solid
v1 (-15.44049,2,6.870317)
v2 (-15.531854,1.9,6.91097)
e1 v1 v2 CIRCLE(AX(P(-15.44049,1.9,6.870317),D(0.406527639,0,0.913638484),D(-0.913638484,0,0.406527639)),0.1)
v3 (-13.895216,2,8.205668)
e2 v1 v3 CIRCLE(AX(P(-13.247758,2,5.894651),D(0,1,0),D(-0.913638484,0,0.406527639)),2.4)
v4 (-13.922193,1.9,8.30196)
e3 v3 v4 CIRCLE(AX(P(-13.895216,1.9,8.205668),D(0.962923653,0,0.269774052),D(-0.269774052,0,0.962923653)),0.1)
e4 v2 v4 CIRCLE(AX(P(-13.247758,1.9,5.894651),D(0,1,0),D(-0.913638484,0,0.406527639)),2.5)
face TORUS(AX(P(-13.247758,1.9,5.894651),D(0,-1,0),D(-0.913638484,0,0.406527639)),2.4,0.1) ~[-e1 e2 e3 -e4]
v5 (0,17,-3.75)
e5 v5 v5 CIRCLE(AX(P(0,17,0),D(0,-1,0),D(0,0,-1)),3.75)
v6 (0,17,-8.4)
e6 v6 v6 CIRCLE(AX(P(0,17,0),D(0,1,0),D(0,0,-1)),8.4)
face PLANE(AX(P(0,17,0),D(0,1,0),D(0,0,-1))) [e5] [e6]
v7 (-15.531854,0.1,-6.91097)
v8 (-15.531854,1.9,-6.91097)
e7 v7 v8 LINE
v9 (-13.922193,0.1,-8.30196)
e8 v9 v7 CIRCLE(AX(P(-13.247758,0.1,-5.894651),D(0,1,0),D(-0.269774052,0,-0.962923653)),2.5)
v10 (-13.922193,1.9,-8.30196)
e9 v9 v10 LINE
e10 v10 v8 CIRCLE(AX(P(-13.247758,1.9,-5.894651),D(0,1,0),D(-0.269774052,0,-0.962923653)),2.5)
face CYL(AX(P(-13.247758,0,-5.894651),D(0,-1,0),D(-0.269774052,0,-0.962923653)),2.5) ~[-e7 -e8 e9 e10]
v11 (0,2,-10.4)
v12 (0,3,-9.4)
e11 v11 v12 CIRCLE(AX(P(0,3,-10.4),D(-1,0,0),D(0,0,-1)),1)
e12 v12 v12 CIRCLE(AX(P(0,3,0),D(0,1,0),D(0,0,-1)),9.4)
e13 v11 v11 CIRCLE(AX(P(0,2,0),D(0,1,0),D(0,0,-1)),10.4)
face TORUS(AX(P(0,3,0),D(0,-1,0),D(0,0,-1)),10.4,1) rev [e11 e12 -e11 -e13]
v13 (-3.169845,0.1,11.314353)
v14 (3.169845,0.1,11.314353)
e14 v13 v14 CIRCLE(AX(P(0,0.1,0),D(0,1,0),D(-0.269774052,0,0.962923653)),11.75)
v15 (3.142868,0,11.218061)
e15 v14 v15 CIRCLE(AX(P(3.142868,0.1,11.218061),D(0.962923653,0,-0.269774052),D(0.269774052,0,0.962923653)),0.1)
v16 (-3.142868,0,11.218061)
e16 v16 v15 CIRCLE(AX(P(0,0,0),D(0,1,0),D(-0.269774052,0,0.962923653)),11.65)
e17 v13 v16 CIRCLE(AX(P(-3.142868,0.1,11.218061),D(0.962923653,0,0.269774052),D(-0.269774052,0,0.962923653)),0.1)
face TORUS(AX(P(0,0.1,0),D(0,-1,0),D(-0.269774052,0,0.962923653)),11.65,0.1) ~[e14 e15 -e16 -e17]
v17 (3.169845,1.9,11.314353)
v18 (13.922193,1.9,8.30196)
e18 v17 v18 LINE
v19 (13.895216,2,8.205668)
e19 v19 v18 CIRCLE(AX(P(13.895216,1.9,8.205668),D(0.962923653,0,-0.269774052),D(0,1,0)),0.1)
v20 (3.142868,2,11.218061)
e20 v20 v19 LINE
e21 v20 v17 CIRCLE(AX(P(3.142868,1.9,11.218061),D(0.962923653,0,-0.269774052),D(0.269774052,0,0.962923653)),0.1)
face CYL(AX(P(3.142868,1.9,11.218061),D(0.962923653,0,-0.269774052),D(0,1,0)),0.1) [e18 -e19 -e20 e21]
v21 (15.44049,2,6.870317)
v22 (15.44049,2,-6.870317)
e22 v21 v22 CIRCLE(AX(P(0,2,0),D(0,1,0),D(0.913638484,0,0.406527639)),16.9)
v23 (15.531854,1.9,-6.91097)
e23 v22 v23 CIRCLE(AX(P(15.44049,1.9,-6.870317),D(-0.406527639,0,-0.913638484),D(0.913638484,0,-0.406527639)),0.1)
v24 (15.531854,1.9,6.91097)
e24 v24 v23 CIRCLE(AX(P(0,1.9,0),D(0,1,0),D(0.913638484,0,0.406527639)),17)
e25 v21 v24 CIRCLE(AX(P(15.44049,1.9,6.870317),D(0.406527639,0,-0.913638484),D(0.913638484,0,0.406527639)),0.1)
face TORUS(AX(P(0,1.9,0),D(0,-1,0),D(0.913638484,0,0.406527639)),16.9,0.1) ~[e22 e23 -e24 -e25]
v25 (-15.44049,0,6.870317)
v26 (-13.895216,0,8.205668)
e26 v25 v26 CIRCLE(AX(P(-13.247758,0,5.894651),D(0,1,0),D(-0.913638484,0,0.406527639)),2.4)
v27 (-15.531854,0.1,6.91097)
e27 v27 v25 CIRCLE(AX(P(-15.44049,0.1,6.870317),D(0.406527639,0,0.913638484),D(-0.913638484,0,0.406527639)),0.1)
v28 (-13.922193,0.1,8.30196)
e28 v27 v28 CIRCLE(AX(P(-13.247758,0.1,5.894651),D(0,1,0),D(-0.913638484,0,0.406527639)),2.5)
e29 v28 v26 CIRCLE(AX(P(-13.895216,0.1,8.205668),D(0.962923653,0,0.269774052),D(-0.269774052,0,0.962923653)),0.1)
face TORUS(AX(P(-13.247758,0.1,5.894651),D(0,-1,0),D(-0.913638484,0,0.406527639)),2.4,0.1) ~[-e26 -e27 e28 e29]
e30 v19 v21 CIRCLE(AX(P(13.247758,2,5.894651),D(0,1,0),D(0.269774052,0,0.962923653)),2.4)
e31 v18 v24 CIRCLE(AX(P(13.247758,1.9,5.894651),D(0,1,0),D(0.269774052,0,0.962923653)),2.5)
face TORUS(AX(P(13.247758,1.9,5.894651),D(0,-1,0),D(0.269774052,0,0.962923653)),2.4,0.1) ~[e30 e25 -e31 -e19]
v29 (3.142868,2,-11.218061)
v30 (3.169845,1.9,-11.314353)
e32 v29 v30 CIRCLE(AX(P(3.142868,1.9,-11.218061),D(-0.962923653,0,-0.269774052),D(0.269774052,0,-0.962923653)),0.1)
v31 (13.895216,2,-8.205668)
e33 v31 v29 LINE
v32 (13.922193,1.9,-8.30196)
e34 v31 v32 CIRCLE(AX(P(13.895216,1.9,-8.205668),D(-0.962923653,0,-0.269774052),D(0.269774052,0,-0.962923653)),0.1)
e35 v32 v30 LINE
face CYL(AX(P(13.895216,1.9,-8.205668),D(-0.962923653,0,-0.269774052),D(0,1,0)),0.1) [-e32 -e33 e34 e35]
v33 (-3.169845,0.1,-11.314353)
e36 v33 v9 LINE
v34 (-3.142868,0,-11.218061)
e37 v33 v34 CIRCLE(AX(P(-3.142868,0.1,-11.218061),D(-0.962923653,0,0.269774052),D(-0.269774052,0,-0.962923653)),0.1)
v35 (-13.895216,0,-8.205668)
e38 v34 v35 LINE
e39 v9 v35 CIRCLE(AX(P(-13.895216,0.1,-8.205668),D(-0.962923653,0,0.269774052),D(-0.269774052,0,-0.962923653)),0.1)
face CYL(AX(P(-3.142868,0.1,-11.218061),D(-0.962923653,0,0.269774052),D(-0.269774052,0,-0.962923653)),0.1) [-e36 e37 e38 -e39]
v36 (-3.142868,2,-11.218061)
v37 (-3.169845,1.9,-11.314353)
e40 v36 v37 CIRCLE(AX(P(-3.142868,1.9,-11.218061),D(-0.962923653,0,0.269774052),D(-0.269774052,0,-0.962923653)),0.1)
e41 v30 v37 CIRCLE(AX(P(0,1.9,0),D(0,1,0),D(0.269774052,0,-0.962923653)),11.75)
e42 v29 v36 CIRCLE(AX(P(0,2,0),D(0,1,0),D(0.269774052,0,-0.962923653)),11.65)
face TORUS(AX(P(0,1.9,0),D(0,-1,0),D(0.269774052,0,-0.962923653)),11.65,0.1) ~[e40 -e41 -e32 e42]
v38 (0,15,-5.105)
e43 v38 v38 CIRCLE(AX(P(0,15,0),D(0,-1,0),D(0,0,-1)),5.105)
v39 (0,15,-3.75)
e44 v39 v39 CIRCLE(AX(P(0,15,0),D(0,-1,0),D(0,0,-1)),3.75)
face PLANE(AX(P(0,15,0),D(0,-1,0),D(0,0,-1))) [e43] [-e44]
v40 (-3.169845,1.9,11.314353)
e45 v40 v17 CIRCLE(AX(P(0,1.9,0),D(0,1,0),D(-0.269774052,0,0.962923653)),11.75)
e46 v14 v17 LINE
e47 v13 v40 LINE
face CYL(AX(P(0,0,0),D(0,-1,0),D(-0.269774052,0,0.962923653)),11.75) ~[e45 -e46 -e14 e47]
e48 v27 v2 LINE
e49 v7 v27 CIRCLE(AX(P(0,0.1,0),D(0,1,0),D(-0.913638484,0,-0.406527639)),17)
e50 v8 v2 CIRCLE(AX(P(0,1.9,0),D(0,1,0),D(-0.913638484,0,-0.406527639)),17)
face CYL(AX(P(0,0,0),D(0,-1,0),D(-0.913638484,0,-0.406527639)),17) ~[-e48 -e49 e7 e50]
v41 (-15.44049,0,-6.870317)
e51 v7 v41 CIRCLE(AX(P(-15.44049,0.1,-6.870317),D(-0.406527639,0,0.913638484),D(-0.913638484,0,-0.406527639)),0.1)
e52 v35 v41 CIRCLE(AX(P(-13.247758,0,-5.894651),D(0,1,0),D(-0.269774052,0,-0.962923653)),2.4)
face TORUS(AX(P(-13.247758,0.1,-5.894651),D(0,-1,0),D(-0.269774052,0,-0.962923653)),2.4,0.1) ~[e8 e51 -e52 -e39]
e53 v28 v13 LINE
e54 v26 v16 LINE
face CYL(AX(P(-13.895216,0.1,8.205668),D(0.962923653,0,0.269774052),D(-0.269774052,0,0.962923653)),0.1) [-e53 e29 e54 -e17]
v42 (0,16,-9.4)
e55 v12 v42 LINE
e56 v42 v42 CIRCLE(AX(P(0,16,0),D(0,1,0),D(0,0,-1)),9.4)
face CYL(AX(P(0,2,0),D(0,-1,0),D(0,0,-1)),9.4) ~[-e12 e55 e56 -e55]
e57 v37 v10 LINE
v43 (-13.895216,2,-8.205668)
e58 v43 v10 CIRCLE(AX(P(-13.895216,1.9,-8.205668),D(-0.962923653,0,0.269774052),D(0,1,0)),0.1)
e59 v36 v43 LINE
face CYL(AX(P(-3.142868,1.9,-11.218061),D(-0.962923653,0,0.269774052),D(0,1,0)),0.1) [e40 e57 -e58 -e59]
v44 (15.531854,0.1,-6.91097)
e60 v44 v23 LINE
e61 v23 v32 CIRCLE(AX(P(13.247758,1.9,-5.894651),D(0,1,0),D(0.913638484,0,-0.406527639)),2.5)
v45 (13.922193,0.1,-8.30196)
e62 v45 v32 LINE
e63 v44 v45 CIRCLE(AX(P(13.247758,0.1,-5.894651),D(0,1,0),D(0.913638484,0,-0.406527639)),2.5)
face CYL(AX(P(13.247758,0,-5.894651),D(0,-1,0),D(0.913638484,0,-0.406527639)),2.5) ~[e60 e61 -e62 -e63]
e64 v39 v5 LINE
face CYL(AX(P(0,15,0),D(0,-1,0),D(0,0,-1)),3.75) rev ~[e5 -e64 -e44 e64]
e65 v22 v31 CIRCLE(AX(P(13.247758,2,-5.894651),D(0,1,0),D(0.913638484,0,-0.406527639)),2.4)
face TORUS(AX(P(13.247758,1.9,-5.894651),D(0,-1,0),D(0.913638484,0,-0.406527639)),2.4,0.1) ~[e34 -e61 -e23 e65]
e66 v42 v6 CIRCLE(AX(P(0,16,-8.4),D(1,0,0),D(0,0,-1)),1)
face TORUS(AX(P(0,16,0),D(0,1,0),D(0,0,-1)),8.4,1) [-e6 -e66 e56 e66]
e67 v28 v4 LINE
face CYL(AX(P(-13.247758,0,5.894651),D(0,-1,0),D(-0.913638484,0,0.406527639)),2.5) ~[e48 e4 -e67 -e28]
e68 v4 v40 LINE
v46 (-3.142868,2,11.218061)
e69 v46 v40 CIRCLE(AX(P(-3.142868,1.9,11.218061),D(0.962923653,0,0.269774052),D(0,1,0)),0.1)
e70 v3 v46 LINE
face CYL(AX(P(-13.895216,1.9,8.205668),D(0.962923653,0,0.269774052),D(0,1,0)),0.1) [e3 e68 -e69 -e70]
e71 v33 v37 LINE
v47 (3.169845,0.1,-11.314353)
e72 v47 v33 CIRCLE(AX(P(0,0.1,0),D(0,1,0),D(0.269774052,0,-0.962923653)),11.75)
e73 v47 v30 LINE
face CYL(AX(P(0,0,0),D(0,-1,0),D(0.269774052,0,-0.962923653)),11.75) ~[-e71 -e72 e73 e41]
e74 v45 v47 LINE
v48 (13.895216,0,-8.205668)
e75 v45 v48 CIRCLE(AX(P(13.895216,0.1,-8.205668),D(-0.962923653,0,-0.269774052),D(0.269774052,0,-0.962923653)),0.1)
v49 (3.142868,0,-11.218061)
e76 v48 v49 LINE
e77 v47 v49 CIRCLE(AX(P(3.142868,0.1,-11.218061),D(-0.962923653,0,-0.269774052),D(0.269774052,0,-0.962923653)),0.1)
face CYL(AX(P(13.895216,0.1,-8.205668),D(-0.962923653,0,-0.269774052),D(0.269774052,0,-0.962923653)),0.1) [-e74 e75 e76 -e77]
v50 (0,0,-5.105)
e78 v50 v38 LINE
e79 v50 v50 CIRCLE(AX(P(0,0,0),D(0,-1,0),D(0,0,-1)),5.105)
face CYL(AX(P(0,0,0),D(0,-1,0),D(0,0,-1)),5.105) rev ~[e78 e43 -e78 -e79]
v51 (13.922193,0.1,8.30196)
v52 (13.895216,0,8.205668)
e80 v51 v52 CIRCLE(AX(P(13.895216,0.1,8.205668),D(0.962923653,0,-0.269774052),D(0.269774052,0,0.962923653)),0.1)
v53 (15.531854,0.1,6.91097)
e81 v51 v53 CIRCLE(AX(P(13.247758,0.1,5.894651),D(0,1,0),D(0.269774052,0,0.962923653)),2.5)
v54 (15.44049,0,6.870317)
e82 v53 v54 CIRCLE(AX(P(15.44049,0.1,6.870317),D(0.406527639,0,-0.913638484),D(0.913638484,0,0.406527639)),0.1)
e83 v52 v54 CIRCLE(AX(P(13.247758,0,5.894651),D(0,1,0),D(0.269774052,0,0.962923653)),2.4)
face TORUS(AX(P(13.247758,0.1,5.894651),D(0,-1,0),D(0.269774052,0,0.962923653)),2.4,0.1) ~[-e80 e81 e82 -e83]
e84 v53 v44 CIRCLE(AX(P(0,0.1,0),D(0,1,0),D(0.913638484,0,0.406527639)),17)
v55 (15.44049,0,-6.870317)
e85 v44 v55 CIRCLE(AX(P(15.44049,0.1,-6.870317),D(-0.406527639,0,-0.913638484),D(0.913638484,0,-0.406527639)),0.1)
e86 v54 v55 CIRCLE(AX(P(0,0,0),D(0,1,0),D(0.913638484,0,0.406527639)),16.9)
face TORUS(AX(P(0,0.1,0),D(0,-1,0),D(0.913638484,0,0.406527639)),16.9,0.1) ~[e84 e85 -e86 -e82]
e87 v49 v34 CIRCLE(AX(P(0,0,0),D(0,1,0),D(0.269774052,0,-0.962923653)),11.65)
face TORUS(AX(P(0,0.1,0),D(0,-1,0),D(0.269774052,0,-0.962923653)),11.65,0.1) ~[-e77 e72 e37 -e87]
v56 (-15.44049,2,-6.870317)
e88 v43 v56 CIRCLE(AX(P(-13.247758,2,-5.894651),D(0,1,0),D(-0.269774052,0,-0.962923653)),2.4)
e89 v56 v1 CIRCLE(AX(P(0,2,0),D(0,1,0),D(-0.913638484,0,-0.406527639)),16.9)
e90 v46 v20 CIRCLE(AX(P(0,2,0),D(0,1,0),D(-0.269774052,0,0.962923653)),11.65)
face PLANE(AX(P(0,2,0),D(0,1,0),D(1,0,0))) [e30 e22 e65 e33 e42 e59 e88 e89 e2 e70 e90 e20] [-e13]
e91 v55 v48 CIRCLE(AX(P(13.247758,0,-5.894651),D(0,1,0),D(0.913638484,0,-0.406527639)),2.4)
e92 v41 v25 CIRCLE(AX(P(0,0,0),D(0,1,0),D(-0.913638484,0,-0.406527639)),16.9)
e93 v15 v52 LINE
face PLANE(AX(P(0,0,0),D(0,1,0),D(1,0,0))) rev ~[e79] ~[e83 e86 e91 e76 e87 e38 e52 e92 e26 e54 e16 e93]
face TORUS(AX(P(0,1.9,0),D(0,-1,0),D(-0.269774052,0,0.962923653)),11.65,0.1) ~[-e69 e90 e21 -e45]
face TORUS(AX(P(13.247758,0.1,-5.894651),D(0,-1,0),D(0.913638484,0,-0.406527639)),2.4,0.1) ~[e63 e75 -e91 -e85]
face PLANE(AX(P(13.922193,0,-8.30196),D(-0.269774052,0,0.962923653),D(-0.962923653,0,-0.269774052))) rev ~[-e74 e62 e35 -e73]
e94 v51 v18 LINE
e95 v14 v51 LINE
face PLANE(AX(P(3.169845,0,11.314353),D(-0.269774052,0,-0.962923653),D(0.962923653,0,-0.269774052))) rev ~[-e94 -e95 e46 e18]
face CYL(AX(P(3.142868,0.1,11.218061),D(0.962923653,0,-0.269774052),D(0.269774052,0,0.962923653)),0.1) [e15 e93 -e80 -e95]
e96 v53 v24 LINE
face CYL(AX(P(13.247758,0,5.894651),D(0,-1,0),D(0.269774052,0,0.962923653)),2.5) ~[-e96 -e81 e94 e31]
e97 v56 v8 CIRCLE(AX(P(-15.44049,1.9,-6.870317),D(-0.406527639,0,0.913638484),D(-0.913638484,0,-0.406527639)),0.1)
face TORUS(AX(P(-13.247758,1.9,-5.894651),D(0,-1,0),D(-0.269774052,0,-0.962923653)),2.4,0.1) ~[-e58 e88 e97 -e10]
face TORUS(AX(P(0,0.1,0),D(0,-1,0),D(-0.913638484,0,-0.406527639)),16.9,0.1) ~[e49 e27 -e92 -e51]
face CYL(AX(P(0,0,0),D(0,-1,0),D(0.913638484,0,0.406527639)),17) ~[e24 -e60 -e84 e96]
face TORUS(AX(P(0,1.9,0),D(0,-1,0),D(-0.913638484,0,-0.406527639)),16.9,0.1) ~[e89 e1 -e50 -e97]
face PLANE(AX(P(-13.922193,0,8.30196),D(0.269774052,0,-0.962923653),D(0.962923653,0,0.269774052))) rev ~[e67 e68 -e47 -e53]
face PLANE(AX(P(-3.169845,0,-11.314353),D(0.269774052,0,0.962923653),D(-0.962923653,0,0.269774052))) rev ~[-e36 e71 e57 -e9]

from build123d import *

# Parameters (mm, degrees)
BOSS_EXTRUDE3_DEPTH = 2
SKETCH2_R           = 9.4
BOSS_EXTRUDE2_DEPTH = 15
SKETCH3_R           = 5.105
CUT_EXTRUDE1_DEPTH  = 15
SKETCH4_R           = 3.75
CUT_EXTRUDE2_DEPTH  = 26.535514485
FILLET2_R           = 1
FILLET4_R           = 0.1


with BuildPart() as part:
    # Sketch6 → Boss-Extrude3 (new body)
    with BuildSketch(Plane(origin=(0, 0, 0), x_dir=(1, 0, 0), z_dir=(0, 1, 0))):
        with BuildLine():
            Line((-3.16984511, 11.314352919), (-13.922193144, 8.301959893))
            ThreePointArc((-13.922193144, 8.301959893), (-14.882365074, 7.78622676), (-15.531854224, 6.910969857))
            ThreePointArc((-15.531854224, 6.910969857), (-17, 0), (-15.531854224, -6.910969857))
            ThreePointArc((-15.531854224, -6.910969857), (-14.882365074, -7.78622676), (-13.922193144, -8.301959893))
            Line((-13.922193144, -8.301959893), (-3.16984511, -11.314352919))
            ThreePointArc((-3.16984511, -11.314352919), (0, -11.75), (3.16984511, -11.314352919))
            Line((3.16984511, -11.314352919), (13.922193144, -8.301959893))
            ThreePointArc((13.922193144, -8.301959893), (14.882365074, -7.78622676), (15.531854224, -6.910969857))
            ThreePointArc((15.531854224, -6.910969857), (17, 0), (15.531854224, 6.910969857))
            ThreePointArc((15.531854224, 6.910969857), (14.882365074, 7.78622676), (13.922193144, 8.301959893))
            Line((13.922193144, 8.301959893), (3.16984511, 11.314352919))
            ThreePointArc((3.16984511, 11.314352919), (0, 11.75), (-3.16984511, 11.314352919))
        make_face()
    extrude(amount=BOSS_EXTRUDE3_DEPTH)

    # Sketch2 → Boss-Extrude2 (add)
    with BuildSketch(Plane(origin=(0, 2, 0), x_dir=(1, 0, 0), z_dir=(0, 1, 0))):
        with Locations(Location((0, 0, 0), (0, 0, 90))):
            Circle(SKETCH2_R)
    extrude(amount=BOSS_EXTRUDE2_DEPTH)

    # Sketch3 → Cut-Extrude1 (cut)
    with BuildSketch(Plane.XZ):
        with Locations(Location((0, 0, 0), (0, 0, 270))):
            Circle(SKETCH3_R)
    extrude(amount=-CUT_EXTRUDE1_DEPTH, mode=Mode.SUBTRACT)

    # Sketch4 → Cut-Extrude2 (cut, through all)
    with BuildSketch(Plane.XZ.offset(-15)):
        with Locations(Location((0, 0, 0), (0, 0, 270))):
            Circle(SKETCH4_R)
    extrude(amount=-CUT_EXTRUDE2_DEPTH, mode=Mode.SUBTRACT)

    # Fillet2
    fillet2_edges = [part.edges().sort_by_distance(p)[0] for p in [
        (0, 2, 9.4),
        (0, 17, 9.4),
    ]]
    fillet(fillet2_edges, radius=FILLET2_R)

    # Fillet4
    fillet4_edges = [part.edges().sort_by_distance(p)[0] for p in [
        (0, 2, -11.75),
        (17, 0, 0),
        (14.882365074, 0, 7.78622676),
        (8.546019127, 0, 9.808156406),
        (0, 0, 11.75),
        (-8.546019127, 0, 9.808156406),
        (-14.882365074, 0, 7.78622676),
        (-8.546019127, 2, -9.808156406),
        (-17, 0, 0),
        (-14.882365074, 0, -7.78622676),
        (-8.546019127, 0, -9.808156406),
        (0, 0, -11.75),
        (8.546019127, 0, -9.808156406),
        (14.882365074, 0, -7.78622676),
        (-14.882365074, 2, -7.78622676),
        (-17, 2, 0),
        (-14.882365074, 2, 7.78622676),
        (-8.546019127, 2, 9.808156406),
        (0, 2, 11.75),
        (8.546019127, 2, 9.808156406),
        (14.882365074, 2, 7.78622676),
        (17, 2, 0),
        (14.882365074, 2, -7.78622676),
        (8.546019127, 2, -9.808156406),
    ]]
    fillet(fillet4_edges, radius=FILLET4_R)


solid = part.part
